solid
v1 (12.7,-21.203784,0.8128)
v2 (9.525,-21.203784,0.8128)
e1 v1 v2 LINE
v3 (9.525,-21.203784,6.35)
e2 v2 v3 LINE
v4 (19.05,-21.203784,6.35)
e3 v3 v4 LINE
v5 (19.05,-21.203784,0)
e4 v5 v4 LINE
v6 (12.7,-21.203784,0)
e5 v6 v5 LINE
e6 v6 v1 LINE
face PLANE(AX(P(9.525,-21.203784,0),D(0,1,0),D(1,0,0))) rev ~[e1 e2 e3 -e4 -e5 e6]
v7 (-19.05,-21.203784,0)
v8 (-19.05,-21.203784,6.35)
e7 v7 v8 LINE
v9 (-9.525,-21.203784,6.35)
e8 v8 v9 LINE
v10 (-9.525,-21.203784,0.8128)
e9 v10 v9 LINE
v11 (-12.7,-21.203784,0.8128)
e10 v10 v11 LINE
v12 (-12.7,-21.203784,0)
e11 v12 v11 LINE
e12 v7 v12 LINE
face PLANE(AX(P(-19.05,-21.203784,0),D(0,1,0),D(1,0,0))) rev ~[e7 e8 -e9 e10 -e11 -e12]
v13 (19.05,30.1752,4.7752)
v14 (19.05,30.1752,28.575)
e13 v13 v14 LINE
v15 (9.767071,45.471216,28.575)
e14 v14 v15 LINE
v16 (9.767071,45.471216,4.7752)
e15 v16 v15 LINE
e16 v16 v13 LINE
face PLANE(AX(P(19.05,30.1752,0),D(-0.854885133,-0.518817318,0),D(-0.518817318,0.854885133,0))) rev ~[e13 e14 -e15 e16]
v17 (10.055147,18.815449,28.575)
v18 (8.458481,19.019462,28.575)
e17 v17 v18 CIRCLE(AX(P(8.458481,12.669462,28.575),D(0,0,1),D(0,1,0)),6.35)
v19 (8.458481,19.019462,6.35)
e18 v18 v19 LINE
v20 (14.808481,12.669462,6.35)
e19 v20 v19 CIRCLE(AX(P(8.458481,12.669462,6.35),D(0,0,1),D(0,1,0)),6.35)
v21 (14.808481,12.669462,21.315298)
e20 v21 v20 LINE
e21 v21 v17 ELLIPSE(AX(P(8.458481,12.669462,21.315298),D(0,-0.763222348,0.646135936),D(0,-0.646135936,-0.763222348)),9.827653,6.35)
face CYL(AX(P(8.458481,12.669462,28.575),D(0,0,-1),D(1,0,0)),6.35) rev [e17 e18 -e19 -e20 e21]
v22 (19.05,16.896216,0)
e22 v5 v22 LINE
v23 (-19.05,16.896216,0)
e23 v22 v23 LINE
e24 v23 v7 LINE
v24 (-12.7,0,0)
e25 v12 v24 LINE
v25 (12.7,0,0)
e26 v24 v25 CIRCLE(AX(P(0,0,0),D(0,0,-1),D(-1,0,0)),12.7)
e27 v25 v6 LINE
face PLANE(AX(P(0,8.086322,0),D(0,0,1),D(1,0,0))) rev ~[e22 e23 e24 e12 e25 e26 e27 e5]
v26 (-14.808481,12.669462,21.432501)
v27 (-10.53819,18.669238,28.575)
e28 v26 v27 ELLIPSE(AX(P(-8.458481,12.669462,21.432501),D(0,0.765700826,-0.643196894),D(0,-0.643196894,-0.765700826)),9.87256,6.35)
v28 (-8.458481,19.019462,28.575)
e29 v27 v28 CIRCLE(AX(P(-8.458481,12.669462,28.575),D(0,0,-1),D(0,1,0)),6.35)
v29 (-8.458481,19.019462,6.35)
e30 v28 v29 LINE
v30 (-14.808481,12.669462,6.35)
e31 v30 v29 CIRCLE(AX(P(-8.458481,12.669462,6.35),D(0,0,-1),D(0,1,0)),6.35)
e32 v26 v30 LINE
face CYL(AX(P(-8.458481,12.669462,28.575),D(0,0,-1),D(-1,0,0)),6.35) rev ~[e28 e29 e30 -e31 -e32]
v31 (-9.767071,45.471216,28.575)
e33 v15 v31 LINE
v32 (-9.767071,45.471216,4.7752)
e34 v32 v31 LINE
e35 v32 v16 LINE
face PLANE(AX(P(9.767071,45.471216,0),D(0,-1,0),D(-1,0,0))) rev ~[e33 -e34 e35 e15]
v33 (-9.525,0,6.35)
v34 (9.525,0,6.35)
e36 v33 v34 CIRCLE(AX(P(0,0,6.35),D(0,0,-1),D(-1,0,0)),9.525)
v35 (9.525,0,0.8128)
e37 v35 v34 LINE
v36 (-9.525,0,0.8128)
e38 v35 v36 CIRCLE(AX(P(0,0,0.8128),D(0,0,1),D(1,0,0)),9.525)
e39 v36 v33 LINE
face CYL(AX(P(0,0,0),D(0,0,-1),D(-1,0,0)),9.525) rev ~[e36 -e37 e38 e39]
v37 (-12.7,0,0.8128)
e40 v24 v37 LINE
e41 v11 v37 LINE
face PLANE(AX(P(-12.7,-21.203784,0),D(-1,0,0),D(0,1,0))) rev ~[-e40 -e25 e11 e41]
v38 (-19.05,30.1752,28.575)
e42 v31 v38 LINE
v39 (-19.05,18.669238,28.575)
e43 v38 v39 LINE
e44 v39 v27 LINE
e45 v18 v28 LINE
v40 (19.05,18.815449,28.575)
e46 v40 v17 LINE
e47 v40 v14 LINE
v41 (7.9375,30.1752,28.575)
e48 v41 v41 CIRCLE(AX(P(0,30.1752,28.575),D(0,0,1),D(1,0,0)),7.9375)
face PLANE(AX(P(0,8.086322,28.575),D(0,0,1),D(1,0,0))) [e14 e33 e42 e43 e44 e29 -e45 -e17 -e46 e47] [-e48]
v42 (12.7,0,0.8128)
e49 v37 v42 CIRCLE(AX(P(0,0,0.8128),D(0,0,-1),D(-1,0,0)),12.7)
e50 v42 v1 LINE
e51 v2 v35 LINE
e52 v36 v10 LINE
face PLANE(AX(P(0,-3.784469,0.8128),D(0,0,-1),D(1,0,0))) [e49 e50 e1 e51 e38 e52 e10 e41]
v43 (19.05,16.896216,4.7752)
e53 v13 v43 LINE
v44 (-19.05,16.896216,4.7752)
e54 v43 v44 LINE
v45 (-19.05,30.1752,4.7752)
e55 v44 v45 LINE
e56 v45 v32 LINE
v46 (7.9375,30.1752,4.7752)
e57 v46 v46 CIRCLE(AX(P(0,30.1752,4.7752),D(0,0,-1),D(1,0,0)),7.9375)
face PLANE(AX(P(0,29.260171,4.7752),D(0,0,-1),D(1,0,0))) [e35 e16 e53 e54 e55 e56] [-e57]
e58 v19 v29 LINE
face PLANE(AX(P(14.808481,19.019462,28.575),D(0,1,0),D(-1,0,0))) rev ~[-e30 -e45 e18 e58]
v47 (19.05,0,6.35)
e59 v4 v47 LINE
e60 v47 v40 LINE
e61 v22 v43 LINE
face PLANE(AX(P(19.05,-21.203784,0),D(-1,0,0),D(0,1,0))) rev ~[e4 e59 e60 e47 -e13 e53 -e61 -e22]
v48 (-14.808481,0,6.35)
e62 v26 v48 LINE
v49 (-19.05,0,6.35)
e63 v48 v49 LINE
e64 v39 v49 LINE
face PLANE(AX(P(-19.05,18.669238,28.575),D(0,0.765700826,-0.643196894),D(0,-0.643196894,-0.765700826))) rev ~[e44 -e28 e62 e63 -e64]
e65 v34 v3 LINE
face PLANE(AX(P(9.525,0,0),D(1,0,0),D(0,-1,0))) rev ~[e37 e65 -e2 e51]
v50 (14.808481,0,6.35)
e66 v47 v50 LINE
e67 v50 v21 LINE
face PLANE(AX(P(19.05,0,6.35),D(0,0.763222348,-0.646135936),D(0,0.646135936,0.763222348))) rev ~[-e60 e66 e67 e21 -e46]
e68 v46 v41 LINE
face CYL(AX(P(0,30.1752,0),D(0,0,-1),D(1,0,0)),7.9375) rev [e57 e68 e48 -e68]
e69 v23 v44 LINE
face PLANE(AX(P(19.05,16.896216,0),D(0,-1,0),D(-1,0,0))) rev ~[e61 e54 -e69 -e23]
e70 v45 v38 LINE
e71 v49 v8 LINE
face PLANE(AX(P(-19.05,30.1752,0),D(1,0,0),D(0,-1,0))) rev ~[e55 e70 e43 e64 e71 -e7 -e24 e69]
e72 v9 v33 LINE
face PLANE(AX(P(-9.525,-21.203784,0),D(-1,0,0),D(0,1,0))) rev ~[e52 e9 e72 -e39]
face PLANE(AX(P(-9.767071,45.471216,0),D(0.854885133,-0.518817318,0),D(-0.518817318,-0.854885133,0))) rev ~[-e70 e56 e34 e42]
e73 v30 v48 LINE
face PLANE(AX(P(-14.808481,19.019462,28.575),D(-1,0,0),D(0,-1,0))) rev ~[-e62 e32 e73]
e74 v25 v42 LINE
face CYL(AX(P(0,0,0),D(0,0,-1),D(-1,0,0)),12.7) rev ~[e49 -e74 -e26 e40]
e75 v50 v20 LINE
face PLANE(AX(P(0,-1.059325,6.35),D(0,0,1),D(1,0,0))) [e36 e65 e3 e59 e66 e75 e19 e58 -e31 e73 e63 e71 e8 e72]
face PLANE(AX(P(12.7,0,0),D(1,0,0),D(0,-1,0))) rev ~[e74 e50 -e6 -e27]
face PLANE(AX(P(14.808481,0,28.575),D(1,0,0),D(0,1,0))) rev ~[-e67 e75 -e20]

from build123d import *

# Parameters (mm, degrees)
F0_R      = 7.9375
F1_DEPTH  = 28.575
F3_DEPTH  = 0.8128
F2_R      = 7.9375
F4_DEPTH  = 4.7752
F6_DEPTH  = 22.225
F8_DEPTH  = 25.4
F10_DEPTH = 25.4
F11_R     = 6.35


with BuildPart() as f1:
    # F0 (on Top) → F1 (new body)
    with BuildSketch(Plane.XY):
        with BuildLine():
            ThreePointArc((-9.525, 0), (0, 9.525), (9.525, 0))
            Line((9.525, 0), (9.525, -21.203784))
            Line((9.525, -21.203784), (19.05, -21.203784))
            Line((19.05, -21.203784), (19.05, 30.1752))
            Line((19.05, 30.1752), (9.767071, 45.471216))
            Line((9.767071, 45.471216), (-9.767071, 45.471216))
            Line((-9.767071, 45.471216), (-19.05, 30.1752))
            Line((-19.05, 30.1752), (-19.05, -21.203784))
            Line((-19.05, -21.203784), (-9.525, -21.203784))
            Line((-9.525, -21.203784), (-9.525, 0))
        make_face()
        with Locations((0, 30.1752)):
            Circle(F0_R, mode=Mode.SUBTRACT)
    extrude(amount=F1_DEPTH)

    # F2 (on face) → F3 (cut)
    with BuildSketch(Plane(origin=(0, 0, 0), x_dir=(1, 0, 0), z_dir=(0, 0, -1))):
        with BuildLine():
            Line((-12.7, 21.203784), (-12.7, 0))
            ThreePointArc((-12.7, 0), (0, -12.7), (12.7, 0))
            Line((12.7, 0), (12.7, 21.203784))
            Line((12.7, 21.203784), (9.525, 21.203784))
            Line((9.525, 21.203784), (9.525, 0))
            ThreePointArc((9.525, 0), (0, -9.525), (-9.525, 0))
            Line((-9.525, 0), (-9.525, 21.203784))
            Line((-9.525, 21.203784), (-12.7, 21.203784))
        make_face()
    extrude(amount=-F3_DEPTH, mode=Mode.SUBTRACT)

    # F2 (on face) → F4 (cut)
    with BuildSketch(Plane(origin=(0, 0, 0), x_dir=(1, 0, 0), z_dir=(0, 0, -1))):
        Polygon((19.05, -16.896216), (-19.05, -16.896216), (-19.05, -30.1752), (-9.767071, -45.471216), (9.767071, -45.471216), (19.05, -30.1752), align=None)
        with Locations((0, -30.1752)):
            Circle(F2_R, mode=Mode.SUBTRACT)
    extrude(amount=-F4_DEPTH, mode=Mode.SUBTRACT)

    # F5 (on face) → F6 (cut)
    with BuildSketch(Plane.XY.offset(28.575)):
        with BuildLine():
            Line((-14.808481, 19.019462), (-14.808481, 0))
            Line((-14.808481, 0), (-19.05, 0))
            Line((-19.05, 0), (-19.05, -21.203784))
            Line((-19.05, -21.203784), (-9.525, -21.203784))
            Line((-9.525, -21.203784), (-9.525, 0))
            ThreePointArc((-9.525, 0), (0, 9.525), (9.525, 0))
            Line((9.525, 0), (9.525, -21.203784))
            Line((9.525, -21.203784), (19.05, -21.203784))
            Line((19.05, -21.203784), (19.05, 0))
            Line((19.05, 0), (14.808481, 0))
            Line((14.808481, 0), (14.808481, 19.019462))
            Line((14.808481, 19.019462), (-14.808481, 19.019462))
        make_face()
    extrude(amount=-F6_DEPTH, mode=Mode.SUBTRACT)

    # F7 (on face) → F8 (cut)
    with BuildSketch(Plane.YZ.offset(19.05)):
        Polygon((0, 28.575), (0, 6.35), (18.815449, 28.575), align=None)
    extrude(amount=-F8_DEPTH, mode=Mode.SUBTRACT)

    # F9 (on face) → F10 (cut)
    with BuildSketch(Plane(origin=(-19.05, 0, 0), x_dir=(0, -1, 0), z_dir=(-1, 0, 0))):
        Polygon((-18.669238, 28.575), (0, 6.35), (0, 28.575), align=None)
    extrude(amount=-F10_DEPTH, mode=Mode.SUBTRACT)

    # F11
    f11_edges = [f1.edges().sort_by_distance(p)[0] for p in [
        (-14.808481, 19.019462, 17.4625),
        (14.808481, 19.019462, 17.4625),
    ]]
    fillet(f11_edges, radius=F11_R)


solid = f1.part
